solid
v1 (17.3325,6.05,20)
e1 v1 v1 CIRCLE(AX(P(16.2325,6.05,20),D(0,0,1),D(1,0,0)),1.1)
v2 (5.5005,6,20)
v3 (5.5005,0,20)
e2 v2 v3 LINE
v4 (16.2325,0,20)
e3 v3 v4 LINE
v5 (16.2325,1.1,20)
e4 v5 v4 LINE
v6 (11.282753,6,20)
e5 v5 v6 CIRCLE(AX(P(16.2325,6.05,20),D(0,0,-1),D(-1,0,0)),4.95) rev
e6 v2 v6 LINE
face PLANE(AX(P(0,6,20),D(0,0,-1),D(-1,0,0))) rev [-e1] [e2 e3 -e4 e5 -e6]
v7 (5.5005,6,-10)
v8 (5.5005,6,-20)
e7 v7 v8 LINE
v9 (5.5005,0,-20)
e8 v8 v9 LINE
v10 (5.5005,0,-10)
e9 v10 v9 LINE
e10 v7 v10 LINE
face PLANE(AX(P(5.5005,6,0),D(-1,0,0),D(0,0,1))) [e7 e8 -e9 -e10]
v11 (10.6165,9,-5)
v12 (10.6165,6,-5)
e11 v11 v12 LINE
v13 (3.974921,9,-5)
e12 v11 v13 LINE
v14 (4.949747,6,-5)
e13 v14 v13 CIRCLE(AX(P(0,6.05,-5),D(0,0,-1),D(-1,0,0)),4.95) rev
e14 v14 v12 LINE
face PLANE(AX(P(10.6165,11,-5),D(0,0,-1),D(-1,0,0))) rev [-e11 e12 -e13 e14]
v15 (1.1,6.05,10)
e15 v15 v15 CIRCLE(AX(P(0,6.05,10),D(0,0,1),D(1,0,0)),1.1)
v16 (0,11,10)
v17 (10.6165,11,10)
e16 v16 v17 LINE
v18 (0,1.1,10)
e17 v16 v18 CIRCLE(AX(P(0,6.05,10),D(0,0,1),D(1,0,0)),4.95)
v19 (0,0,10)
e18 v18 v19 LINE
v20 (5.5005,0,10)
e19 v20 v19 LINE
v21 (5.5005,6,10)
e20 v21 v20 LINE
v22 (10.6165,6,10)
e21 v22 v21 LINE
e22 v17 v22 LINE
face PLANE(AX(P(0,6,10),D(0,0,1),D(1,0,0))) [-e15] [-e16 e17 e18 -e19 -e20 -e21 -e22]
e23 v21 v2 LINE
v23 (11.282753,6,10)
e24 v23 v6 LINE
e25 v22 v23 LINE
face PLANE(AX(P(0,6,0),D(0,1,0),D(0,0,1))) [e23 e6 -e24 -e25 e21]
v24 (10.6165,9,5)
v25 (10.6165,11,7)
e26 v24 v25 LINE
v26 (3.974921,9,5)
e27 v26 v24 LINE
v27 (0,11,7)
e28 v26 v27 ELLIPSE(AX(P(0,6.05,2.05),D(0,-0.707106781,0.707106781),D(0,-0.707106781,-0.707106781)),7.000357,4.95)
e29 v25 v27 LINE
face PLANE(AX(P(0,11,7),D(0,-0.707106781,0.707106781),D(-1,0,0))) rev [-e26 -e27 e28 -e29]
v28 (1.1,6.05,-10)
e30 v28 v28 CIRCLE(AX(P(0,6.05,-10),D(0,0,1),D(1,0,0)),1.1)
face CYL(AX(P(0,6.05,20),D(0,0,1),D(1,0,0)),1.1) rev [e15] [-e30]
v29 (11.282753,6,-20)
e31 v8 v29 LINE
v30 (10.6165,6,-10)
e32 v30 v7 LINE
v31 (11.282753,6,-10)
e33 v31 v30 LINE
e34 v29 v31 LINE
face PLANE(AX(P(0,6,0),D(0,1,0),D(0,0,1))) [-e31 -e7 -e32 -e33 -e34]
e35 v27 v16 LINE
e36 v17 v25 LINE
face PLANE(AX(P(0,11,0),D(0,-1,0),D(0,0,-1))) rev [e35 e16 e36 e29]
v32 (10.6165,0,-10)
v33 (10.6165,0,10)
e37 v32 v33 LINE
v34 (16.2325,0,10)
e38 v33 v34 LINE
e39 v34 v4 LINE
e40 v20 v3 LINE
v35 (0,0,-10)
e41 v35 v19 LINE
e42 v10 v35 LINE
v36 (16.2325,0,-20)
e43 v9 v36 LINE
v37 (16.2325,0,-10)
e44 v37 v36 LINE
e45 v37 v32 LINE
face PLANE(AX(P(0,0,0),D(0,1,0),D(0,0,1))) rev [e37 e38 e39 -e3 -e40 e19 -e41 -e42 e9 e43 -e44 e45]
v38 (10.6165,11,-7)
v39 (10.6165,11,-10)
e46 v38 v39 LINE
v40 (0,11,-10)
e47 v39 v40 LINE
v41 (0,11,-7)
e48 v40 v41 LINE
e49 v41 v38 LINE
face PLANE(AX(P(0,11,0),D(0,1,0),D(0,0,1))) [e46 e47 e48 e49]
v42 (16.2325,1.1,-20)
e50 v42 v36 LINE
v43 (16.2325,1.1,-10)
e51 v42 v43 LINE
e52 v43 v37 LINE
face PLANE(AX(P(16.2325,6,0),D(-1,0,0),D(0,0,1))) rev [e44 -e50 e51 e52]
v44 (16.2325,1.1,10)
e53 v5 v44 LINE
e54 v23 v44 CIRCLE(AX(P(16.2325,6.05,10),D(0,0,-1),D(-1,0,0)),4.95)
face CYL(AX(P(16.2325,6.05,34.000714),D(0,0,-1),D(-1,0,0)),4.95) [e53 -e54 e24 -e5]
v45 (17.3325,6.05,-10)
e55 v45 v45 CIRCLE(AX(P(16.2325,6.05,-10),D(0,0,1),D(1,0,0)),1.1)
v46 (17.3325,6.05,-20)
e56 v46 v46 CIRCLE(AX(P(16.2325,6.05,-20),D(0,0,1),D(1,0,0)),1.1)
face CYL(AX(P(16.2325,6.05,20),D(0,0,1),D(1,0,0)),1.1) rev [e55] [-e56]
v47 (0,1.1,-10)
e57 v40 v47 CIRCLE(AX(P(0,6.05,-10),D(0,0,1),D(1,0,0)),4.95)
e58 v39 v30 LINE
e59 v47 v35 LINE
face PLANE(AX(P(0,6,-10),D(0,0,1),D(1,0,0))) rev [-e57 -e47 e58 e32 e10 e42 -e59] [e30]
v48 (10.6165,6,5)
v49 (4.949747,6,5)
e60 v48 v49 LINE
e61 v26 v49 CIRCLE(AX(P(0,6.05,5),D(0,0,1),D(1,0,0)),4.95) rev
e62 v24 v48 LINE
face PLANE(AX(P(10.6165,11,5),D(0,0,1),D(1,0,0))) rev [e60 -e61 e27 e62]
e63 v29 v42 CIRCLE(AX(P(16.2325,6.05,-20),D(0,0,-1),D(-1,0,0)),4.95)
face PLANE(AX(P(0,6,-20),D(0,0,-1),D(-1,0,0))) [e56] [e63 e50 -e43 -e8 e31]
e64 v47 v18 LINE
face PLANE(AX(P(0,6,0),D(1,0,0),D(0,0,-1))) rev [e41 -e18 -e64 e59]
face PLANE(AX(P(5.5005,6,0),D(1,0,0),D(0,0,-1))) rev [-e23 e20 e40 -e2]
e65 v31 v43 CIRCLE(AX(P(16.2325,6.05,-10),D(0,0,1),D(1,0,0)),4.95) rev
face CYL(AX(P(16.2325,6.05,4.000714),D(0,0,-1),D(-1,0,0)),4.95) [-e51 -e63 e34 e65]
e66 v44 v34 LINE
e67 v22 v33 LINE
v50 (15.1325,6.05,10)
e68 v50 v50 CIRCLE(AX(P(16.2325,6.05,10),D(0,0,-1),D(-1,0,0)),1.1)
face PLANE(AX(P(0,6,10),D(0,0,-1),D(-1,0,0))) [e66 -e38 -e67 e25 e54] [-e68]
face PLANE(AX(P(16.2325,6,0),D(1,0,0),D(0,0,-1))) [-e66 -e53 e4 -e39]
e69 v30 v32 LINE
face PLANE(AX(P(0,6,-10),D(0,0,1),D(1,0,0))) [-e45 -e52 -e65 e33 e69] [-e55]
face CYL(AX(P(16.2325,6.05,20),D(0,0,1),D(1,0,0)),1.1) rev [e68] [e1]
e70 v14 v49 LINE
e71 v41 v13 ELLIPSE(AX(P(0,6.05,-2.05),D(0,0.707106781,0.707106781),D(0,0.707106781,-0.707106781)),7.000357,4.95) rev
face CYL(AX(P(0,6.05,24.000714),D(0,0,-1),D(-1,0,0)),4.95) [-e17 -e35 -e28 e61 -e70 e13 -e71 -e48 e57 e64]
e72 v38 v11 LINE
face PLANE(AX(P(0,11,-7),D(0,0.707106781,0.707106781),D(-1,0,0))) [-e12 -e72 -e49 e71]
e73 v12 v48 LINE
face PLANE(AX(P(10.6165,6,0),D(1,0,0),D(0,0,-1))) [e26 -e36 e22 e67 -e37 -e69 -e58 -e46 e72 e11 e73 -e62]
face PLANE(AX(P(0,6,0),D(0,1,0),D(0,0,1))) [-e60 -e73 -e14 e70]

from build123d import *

# Parameters (mm, degrees)
BOSS_EXTRUDE1_DEPTH   = 6
SKETCH2_W             = 10.6165
SKETCH2_H             = 5
BOSS_EXTRUDE2_DEPTH   = 5
CHAMFER1_SIZE         = 2
BOSS_EXTRUDE3_START   = -10
SKETCH3_R             = 4.95
BOSS_EXTRUDE3_DEPTH   = 20
BOSS_EXTRUDE4_START   = 10
SKETCH3_3_R           = 4.95
BOSS_EXTRUDE4_DEPTH   = 10
BOSS_EXTRUDE5_START   = -20
SKETCH3_4_R           = 4.95
BOSS_EXTRUDE5_DEPTH   = 10
F_1_0MM_DOWEL_HOLE1_D = 2.2


with BuildPart() as part:
    # Sketch1 → Boss-Extrude1 (new body)
    with BuildSketch(Plane(origin=(0, 0, 0), x_dir=(1, 0, 0), z_dir=(0, 1, 0))):
        Polygon((16.2325, -10), (10.6165, -10), (5.5005, -10), (5.5005, -20), (16.2325, -20), align=None)
        Polygon((10.6165, 0), (0, 0), (0, -10), (5.5005, -10), (10.6165, -10), align=None)
        Polygon((0, 10), (0, 0), (10.6165, 0), (10.6165, 10), (5.5005, 10), align=None)
        Polygon((5.5005, 10), (10.6165, 10), (16.2325, 10), (16.2325, 20), (5.5005, 20), align=None)
    extrude(amount=BOSS_EXTRUDE1_DEPTH)

    # Sketch2 → Boss-Extrude2 (add)
    with BuildSketch(Plane(origin=(0, 6, 0), x_dir=(1, 0, 0), z_dir=(0, 1, 0))):
        with Locations((5.30825, 7.5)):
            Rectangle(SKETCH2_W, SKETCH2_H)
        with Locations((5.30825, -7.5)):
            Rectangle(SKETCH2_W, SKETCH2_H)
    extrude(amount=BOSS_EXTRUDE2_DEPTH)

    # Chamfer1
    chamfer1_edges = [part.edges().sort_by_distance(p)[0] for p in [
        (5.30825, 11, -5),
        (5.30825, 11, 5),
    ]]
    chamfer(chamfer1_edges, length=CHAMFER1_SIZE)

    # Sketch3 → Boss-Extrude3 (add)
    with BuildSketch(Plane.XY.offset(BOSS_EXTRUDE3_START)):
        with Locations((0, 6.05)):
            Circle(SKETCH3_R)
    extrude(amount=BOSS_EXTRUDE3_DEPTH)

    # Sketch3<3> → Boss-Extrude4 (add)
    with BuildSketch(Plane.XY.offset(BOSS_EXTRUDE4_START)):
        with Locations((16.2325, 6.05)):
            Circle(SKETCH3_3_R)
    extrude(amount=BOSS_EXTRUDE4_DEPTH)

    # Sketch3<4> → Boss-Extrude5 (add)
    with BuildSketch(Plane.XY.offset(BOSS_EXTRUDE5_START)):
        with Locations((16.2325, 6.05)):
            Circle(SKETCH3_4_R)
    extrude(amount=BOSS_EXTRUDE5_DEPTH)

    # Ø1.0mm Dowel Hole1 (through all)
    with Locations(Plane.XY.offset(20)):
        with Locations((0, 6.05), (16.2325, 6.05)):
            Hole(F_1_0MM_DOWEL_HOLE1_D / 2)


solid = part.part
